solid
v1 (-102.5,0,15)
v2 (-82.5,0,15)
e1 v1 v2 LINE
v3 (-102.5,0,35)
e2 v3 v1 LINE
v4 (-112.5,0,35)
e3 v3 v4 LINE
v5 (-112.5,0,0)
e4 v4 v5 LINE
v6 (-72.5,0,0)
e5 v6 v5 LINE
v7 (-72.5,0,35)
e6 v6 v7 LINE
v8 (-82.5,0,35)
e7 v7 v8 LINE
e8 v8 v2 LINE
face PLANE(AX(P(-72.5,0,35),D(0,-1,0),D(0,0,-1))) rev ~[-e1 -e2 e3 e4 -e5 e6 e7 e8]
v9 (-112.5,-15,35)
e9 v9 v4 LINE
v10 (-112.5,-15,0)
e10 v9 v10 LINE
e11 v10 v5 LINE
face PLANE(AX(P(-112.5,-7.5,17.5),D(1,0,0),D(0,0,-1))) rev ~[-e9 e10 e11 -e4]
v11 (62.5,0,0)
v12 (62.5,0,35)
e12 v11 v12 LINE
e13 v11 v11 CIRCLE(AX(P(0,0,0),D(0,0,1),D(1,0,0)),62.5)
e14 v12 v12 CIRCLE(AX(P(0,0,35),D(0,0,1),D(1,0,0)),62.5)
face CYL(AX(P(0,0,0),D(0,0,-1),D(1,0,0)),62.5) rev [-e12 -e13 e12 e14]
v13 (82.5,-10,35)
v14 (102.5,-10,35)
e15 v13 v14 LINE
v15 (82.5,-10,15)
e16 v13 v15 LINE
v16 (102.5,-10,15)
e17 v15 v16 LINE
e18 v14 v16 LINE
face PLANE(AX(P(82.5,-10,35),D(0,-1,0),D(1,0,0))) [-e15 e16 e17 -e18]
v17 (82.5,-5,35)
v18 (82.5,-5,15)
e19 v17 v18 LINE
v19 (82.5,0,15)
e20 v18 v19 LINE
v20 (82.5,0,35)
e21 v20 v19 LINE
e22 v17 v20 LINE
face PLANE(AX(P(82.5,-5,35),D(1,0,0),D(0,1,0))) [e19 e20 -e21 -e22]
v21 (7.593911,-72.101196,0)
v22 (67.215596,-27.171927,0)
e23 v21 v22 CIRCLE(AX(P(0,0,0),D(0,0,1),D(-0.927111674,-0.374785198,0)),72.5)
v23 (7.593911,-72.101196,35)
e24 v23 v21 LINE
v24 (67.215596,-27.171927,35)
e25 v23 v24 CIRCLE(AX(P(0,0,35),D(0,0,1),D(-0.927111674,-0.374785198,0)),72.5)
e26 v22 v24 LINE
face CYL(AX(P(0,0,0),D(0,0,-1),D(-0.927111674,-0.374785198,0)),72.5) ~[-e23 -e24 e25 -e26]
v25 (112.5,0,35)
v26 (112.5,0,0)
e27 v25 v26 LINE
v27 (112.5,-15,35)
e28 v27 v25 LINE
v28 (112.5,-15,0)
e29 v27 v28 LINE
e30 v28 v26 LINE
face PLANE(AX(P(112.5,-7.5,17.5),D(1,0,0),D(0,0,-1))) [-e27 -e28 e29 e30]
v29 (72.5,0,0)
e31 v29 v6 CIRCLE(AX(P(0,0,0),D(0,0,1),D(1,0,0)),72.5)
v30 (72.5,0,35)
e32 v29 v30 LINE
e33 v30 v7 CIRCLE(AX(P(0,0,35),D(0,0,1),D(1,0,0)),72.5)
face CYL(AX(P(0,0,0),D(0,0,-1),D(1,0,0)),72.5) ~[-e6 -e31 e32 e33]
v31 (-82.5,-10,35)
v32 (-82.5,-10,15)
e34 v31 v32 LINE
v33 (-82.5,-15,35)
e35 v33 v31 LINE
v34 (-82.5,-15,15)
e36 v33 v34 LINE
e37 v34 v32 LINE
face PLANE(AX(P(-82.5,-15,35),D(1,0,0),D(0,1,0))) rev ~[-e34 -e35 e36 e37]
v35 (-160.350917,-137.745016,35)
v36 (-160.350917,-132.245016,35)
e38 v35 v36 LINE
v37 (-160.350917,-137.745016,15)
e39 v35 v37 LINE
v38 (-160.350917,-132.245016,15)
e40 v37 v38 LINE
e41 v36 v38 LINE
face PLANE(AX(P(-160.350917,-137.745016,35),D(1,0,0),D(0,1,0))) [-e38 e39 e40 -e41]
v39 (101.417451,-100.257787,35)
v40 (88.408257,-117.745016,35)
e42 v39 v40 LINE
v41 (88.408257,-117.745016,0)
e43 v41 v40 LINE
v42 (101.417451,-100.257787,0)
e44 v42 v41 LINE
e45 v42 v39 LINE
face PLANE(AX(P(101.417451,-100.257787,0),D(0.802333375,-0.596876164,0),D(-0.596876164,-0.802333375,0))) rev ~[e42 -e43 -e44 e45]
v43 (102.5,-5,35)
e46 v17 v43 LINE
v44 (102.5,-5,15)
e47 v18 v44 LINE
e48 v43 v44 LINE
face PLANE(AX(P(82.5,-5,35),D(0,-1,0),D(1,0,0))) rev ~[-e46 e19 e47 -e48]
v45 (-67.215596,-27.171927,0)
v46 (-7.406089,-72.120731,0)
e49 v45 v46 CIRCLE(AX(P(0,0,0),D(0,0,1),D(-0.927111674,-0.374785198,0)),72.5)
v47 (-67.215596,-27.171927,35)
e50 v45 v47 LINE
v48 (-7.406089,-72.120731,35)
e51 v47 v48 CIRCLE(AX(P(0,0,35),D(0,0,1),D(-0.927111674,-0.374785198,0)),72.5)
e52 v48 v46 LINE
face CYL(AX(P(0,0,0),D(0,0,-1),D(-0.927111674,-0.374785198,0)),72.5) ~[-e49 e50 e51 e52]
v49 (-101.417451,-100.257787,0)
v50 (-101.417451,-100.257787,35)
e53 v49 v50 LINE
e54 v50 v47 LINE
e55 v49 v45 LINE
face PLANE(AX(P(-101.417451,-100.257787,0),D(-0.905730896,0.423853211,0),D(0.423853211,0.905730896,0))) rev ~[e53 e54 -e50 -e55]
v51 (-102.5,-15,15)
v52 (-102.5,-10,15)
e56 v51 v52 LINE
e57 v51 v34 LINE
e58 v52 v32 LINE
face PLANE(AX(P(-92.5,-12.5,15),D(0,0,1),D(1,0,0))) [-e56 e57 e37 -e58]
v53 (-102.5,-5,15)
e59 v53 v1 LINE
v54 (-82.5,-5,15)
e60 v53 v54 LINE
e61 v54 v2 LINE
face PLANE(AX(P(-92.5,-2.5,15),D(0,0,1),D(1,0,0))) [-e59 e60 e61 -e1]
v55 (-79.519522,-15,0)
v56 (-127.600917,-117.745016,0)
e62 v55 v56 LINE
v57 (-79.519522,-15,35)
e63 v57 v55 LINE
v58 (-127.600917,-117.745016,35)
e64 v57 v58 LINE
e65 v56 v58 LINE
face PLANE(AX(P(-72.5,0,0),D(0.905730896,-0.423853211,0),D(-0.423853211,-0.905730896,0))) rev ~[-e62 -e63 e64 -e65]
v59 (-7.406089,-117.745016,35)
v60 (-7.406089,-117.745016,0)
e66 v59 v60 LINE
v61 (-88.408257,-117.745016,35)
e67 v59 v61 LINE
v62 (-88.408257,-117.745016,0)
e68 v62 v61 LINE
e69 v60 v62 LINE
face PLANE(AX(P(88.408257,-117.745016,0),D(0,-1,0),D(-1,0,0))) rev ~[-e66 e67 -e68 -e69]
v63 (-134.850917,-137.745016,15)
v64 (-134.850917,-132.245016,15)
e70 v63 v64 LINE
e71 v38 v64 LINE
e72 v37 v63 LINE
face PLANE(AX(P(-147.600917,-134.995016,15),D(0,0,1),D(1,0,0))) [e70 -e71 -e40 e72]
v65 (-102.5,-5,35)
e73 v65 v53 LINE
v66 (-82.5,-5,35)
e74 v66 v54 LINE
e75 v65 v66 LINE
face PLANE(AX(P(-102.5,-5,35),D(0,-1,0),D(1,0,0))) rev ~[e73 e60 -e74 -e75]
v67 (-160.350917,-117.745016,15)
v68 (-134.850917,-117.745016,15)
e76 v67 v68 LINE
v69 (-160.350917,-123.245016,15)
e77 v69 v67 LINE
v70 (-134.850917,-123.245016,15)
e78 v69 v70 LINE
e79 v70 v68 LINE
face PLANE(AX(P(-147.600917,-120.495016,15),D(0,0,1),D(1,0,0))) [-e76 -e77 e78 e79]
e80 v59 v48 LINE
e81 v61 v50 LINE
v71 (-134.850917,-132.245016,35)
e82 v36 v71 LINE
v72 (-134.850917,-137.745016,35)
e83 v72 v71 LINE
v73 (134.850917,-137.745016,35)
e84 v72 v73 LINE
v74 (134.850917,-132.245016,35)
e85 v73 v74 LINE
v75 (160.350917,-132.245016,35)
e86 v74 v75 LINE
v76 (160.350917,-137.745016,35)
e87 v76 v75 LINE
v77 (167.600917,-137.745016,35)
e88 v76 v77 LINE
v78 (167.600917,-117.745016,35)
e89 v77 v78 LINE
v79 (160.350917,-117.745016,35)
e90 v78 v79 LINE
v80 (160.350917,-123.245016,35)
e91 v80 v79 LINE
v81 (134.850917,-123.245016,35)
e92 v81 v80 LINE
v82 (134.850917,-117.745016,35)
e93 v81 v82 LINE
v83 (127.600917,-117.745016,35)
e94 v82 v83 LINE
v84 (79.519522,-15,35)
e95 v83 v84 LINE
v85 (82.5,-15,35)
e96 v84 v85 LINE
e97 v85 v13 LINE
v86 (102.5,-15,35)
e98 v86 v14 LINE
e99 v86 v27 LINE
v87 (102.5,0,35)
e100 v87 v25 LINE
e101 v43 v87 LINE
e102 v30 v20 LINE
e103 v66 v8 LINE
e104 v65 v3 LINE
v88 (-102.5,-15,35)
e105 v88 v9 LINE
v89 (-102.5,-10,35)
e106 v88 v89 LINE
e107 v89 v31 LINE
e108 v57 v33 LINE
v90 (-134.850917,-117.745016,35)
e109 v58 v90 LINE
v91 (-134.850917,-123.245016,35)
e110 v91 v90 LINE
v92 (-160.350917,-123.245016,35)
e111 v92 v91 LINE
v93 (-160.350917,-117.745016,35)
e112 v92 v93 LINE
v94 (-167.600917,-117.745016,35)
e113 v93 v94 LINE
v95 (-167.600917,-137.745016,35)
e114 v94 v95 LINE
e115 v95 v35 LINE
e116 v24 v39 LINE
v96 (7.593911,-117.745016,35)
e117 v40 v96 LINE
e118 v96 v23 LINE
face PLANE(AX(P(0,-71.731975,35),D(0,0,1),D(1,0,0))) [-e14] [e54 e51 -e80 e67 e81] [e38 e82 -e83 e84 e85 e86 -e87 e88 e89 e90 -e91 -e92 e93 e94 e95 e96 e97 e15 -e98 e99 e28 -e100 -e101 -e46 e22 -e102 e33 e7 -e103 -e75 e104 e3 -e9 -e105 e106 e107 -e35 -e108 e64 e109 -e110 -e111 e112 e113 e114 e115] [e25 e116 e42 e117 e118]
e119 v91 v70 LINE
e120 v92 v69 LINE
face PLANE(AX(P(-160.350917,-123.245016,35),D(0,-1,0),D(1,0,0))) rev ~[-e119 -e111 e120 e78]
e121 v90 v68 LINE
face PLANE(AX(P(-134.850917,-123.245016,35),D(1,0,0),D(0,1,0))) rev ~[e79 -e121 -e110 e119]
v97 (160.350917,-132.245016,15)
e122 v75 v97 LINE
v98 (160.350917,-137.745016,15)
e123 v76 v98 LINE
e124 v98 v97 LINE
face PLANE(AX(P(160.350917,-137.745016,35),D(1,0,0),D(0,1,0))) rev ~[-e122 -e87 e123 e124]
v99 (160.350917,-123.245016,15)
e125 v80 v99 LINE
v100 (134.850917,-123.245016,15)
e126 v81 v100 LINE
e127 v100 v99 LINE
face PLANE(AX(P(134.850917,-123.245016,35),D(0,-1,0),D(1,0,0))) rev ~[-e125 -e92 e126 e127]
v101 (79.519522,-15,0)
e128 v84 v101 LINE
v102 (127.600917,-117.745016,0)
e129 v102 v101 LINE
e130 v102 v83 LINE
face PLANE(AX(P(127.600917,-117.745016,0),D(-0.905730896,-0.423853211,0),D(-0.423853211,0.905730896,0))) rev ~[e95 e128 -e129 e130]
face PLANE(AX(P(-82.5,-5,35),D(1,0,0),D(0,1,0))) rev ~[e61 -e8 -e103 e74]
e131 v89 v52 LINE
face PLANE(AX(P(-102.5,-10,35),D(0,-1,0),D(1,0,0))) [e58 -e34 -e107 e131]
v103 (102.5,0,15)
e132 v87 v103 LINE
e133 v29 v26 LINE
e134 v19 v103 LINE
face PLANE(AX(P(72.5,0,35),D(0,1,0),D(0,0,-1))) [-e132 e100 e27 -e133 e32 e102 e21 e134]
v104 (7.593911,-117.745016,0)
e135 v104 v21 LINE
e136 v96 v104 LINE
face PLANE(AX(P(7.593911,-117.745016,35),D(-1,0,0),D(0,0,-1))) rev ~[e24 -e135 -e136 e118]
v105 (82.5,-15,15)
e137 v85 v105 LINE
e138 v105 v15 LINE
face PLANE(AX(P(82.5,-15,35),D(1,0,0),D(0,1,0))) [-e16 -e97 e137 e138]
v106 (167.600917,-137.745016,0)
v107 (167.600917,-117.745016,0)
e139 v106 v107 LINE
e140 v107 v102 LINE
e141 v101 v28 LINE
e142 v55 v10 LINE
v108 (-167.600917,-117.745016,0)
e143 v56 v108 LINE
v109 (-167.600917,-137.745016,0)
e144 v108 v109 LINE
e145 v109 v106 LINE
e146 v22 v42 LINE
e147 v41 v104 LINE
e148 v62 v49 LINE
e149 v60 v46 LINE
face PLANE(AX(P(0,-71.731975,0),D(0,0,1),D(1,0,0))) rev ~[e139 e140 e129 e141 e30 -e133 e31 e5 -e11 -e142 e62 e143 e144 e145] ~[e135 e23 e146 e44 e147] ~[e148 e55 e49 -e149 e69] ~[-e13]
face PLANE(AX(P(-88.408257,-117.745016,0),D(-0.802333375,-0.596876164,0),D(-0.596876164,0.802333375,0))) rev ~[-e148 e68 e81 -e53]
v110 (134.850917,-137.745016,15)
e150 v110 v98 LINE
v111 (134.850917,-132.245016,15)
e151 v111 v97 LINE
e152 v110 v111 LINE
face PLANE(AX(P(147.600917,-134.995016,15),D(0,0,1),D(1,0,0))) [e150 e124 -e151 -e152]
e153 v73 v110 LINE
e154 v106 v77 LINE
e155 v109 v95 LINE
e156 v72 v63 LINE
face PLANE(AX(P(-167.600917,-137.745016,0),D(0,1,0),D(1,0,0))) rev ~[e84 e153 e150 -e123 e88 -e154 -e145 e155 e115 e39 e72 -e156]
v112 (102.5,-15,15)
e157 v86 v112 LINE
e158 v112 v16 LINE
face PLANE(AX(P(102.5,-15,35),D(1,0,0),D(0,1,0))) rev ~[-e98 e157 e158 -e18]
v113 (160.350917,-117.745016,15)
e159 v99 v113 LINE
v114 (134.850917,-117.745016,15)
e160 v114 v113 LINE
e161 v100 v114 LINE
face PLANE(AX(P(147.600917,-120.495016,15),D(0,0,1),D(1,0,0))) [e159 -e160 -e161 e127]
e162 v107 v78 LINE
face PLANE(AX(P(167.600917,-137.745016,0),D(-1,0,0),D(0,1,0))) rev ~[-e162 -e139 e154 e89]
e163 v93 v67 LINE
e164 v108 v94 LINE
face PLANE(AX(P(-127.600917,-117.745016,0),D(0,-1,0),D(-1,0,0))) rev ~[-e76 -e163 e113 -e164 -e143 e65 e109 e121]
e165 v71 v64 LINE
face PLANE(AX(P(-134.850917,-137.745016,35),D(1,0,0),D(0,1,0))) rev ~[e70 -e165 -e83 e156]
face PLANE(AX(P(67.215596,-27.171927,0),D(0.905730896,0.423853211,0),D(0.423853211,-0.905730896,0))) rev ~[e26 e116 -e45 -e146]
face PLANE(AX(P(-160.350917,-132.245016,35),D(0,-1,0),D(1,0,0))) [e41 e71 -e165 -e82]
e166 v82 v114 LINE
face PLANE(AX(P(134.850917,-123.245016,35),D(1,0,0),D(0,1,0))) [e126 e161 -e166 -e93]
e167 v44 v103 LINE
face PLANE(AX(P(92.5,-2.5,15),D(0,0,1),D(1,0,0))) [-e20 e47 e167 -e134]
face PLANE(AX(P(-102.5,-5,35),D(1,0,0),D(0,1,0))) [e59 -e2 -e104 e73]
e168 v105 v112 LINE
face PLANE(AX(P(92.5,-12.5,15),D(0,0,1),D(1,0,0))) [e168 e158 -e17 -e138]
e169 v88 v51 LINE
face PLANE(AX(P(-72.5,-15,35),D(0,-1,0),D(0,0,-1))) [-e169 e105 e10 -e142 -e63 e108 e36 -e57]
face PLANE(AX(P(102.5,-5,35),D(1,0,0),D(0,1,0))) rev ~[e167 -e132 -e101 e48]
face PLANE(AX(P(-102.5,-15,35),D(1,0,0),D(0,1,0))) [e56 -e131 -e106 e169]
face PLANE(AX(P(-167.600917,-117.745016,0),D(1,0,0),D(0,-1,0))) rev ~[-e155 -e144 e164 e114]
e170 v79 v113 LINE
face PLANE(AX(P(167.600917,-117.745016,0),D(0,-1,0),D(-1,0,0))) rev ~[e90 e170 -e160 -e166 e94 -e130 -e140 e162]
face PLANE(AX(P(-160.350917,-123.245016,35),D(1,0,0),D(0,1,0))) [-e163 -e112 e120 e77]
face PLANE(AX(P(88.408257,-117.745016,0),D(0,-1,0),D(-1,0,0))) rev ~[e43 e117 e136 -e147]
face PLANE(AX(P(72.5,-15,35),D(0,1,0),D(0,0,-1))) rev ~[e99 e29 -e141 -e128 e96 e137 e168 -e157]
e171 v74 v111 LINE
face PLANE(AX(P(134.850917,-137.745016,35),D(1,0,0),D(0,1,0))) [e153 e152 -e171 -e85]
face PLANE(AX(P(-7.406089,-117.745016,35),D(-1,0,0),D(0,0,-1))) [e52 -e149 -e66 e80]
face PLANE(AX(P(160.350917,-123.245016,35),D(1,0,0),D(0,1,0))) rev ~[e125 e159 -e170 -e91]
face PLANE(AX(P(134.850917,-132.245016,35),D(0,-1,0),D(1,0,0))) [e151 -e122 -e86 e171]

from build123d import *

# Parameters (mm, degrees)
SKETCH1_R            = 62.5
BOSS_EXTRUDE8_DEPTH  = 35
BOSS_EXTRUDE9_REACH  = 192.245
SKETCH2_W            = 15
SKETCH2_H            = 35
SKETCH10_W           = 35
SKETCH10_H           = 15
BOSS_EXTRUDE12_DEPTH = 40
SKETCH6_W            = 35
SKETCH6_H            = 15
BOSS_EXTRUDE10_DEPTH = 40
SKETCH11_W           = 20
SKETCH11_H           = 5
SKETCH11_W_2         = 25.5
SKETCH11_H_2         = 5.5
CUT_EXTRUDE1_DEPTH   = 20


with BuildPart() as part:
    # Sketch1 → Boss-Extrude8 (new body)
    with BuildSketch(Plane.XY):
        with BuildLine():
            Line((127.600917431, -117.745016448), (72.5, 0))
            ThreePointArc((72.5, 0), (0, 72.5), (-72.5, 0))
            Line((-72.5, 0), (-127.600917431, -117.745016448))
            Line((-127.600917431, -117.745016448), (-167.600917431, -117.745016448))
            Line((-167.600917431, -117.745016448), (-167.600917431, -137.745016448))
            Line((-167.600917431, -137.745016448), (167.600917431, -137.745016448))
            Line((167.600917431, -137.745016448), (167.600917431, -117.745016448))
            Line((167.600917431, -117.745016448), (127.600917431, -117.745016448))
        make_face()
        with BuildLine():
            ThreePointArc((-67.21559633, -27.171926873), (0, -72.5), (67.21559633, -27.171926873))
            Line((67.21559633, -27.171926873), (101.417450928, -100.25778678))
            Line((101.417450928, -100.25778678), (88.408256881, -117.745016448))
            Line((88.408256881, -117.745016448), (-88.408256881, -117.745016448))
            Line((-88.408256881, -117.745016448), (-101.417450928, -100.25778678))
            Line((-101.417450928, -100.25778678), (-67.21559633, -27.171926873))
        make_face(mode=Mode.SUBTRACT)
        Circle(SKETCH1_R, mode=Mode.SUBTRACT)
    extrude(amount=BOSS_EXTRUDE8_DEPTH)

    # Sketch2 → Boss-Extrude9 (add, up to next)
    with BuildSketch(Plane(origin=(0, -117.745016448, 0), x_dir=(1, 0, 0), z_dir=(0, 1, 0)), mode=Mode.PRIVATE) as boss_extrude9_sk1:
        with Locations((0.093911399, -17.5)):
            Rectangle(SKETCH2_W, SKETCH2_H)
    boss_extrude9_tool1 = extrude(boss_extrude9_sk1.sketch, amount=BOSS_EXTRUDE9_REACH, mode=Mode.PRIVATE) - part.part
    add(boss_extrude9_tool1.solids().sort_by_distance((0.093911, -117.745016, 17.5))[0])

    # Sketch10 → Boss-Extrude12 (add)
    with BuildSketch(Plane(origin=(-72.5, 0, 0), x_dir=(0, 0, -1), z_dir=(1, 0, 0))):
        with Locations((-17.5, -7.5)):
            Rectangle(SKETCH10_W, SKETCH10_H)
    extrude(amount=-BOSS_EXTRUDE12_DEPTH)

    # Sketch6 → Boss-Extrude10 (add)
    with BuildSketch(Plane(origin=(72.5, 0, 0), x_dir=(0, 0, -1), z_dir=(1, 0, 0))):
        with Locations((-17.5, -7.5)):
            Rectangle(SKETCH6_W, SKETCH6_H)
    extrude(amount=BOSS_EXTRUDE10_DEPTH)

    # Sketch11 → Cut-Extrude1 (cut)
    with BuildSketch(Plane.XY.offset(35)):
        with Locations((-92.5, -2.5)):
            Rectangle(SKETCH11_W, SKETCH11_H)
        with Locations((-92.5, -12.5)):
            Rectangle(SKETCH11_W, SKETCH11_H)
        with Locations((92.5, -2.5)):
            Rectangle(SKETCH11_W, SKETCH11_H)
        with Locations((92.5, -12.5)):
            Rectangle(SKETCH11_W, SKETCH11_H)
        with Locations((147.600917431, -120.495016448)):
            Rectangle(SKETCH11_W_2, SKETCH11_H_2)
        with Locations((147.600917431, -134.995016448)):
            Rectangle(SKETCH11_W_2, SKETCH11_H_2)
        with Locations((-147.600917431, -120.495016448)):
            Rectangle(SKETCH11_W_2, SKETCH11_H_2)
        with Locations((-147.600917431, -134.995016448)):
            Rectangle(SKETCH11_W_2, SKETCH11_H_2)
    extrude(amount=-CUT_EXTRUDE1_DEPTH, mode=Mode.SUBTRACT)


solid = part.part
